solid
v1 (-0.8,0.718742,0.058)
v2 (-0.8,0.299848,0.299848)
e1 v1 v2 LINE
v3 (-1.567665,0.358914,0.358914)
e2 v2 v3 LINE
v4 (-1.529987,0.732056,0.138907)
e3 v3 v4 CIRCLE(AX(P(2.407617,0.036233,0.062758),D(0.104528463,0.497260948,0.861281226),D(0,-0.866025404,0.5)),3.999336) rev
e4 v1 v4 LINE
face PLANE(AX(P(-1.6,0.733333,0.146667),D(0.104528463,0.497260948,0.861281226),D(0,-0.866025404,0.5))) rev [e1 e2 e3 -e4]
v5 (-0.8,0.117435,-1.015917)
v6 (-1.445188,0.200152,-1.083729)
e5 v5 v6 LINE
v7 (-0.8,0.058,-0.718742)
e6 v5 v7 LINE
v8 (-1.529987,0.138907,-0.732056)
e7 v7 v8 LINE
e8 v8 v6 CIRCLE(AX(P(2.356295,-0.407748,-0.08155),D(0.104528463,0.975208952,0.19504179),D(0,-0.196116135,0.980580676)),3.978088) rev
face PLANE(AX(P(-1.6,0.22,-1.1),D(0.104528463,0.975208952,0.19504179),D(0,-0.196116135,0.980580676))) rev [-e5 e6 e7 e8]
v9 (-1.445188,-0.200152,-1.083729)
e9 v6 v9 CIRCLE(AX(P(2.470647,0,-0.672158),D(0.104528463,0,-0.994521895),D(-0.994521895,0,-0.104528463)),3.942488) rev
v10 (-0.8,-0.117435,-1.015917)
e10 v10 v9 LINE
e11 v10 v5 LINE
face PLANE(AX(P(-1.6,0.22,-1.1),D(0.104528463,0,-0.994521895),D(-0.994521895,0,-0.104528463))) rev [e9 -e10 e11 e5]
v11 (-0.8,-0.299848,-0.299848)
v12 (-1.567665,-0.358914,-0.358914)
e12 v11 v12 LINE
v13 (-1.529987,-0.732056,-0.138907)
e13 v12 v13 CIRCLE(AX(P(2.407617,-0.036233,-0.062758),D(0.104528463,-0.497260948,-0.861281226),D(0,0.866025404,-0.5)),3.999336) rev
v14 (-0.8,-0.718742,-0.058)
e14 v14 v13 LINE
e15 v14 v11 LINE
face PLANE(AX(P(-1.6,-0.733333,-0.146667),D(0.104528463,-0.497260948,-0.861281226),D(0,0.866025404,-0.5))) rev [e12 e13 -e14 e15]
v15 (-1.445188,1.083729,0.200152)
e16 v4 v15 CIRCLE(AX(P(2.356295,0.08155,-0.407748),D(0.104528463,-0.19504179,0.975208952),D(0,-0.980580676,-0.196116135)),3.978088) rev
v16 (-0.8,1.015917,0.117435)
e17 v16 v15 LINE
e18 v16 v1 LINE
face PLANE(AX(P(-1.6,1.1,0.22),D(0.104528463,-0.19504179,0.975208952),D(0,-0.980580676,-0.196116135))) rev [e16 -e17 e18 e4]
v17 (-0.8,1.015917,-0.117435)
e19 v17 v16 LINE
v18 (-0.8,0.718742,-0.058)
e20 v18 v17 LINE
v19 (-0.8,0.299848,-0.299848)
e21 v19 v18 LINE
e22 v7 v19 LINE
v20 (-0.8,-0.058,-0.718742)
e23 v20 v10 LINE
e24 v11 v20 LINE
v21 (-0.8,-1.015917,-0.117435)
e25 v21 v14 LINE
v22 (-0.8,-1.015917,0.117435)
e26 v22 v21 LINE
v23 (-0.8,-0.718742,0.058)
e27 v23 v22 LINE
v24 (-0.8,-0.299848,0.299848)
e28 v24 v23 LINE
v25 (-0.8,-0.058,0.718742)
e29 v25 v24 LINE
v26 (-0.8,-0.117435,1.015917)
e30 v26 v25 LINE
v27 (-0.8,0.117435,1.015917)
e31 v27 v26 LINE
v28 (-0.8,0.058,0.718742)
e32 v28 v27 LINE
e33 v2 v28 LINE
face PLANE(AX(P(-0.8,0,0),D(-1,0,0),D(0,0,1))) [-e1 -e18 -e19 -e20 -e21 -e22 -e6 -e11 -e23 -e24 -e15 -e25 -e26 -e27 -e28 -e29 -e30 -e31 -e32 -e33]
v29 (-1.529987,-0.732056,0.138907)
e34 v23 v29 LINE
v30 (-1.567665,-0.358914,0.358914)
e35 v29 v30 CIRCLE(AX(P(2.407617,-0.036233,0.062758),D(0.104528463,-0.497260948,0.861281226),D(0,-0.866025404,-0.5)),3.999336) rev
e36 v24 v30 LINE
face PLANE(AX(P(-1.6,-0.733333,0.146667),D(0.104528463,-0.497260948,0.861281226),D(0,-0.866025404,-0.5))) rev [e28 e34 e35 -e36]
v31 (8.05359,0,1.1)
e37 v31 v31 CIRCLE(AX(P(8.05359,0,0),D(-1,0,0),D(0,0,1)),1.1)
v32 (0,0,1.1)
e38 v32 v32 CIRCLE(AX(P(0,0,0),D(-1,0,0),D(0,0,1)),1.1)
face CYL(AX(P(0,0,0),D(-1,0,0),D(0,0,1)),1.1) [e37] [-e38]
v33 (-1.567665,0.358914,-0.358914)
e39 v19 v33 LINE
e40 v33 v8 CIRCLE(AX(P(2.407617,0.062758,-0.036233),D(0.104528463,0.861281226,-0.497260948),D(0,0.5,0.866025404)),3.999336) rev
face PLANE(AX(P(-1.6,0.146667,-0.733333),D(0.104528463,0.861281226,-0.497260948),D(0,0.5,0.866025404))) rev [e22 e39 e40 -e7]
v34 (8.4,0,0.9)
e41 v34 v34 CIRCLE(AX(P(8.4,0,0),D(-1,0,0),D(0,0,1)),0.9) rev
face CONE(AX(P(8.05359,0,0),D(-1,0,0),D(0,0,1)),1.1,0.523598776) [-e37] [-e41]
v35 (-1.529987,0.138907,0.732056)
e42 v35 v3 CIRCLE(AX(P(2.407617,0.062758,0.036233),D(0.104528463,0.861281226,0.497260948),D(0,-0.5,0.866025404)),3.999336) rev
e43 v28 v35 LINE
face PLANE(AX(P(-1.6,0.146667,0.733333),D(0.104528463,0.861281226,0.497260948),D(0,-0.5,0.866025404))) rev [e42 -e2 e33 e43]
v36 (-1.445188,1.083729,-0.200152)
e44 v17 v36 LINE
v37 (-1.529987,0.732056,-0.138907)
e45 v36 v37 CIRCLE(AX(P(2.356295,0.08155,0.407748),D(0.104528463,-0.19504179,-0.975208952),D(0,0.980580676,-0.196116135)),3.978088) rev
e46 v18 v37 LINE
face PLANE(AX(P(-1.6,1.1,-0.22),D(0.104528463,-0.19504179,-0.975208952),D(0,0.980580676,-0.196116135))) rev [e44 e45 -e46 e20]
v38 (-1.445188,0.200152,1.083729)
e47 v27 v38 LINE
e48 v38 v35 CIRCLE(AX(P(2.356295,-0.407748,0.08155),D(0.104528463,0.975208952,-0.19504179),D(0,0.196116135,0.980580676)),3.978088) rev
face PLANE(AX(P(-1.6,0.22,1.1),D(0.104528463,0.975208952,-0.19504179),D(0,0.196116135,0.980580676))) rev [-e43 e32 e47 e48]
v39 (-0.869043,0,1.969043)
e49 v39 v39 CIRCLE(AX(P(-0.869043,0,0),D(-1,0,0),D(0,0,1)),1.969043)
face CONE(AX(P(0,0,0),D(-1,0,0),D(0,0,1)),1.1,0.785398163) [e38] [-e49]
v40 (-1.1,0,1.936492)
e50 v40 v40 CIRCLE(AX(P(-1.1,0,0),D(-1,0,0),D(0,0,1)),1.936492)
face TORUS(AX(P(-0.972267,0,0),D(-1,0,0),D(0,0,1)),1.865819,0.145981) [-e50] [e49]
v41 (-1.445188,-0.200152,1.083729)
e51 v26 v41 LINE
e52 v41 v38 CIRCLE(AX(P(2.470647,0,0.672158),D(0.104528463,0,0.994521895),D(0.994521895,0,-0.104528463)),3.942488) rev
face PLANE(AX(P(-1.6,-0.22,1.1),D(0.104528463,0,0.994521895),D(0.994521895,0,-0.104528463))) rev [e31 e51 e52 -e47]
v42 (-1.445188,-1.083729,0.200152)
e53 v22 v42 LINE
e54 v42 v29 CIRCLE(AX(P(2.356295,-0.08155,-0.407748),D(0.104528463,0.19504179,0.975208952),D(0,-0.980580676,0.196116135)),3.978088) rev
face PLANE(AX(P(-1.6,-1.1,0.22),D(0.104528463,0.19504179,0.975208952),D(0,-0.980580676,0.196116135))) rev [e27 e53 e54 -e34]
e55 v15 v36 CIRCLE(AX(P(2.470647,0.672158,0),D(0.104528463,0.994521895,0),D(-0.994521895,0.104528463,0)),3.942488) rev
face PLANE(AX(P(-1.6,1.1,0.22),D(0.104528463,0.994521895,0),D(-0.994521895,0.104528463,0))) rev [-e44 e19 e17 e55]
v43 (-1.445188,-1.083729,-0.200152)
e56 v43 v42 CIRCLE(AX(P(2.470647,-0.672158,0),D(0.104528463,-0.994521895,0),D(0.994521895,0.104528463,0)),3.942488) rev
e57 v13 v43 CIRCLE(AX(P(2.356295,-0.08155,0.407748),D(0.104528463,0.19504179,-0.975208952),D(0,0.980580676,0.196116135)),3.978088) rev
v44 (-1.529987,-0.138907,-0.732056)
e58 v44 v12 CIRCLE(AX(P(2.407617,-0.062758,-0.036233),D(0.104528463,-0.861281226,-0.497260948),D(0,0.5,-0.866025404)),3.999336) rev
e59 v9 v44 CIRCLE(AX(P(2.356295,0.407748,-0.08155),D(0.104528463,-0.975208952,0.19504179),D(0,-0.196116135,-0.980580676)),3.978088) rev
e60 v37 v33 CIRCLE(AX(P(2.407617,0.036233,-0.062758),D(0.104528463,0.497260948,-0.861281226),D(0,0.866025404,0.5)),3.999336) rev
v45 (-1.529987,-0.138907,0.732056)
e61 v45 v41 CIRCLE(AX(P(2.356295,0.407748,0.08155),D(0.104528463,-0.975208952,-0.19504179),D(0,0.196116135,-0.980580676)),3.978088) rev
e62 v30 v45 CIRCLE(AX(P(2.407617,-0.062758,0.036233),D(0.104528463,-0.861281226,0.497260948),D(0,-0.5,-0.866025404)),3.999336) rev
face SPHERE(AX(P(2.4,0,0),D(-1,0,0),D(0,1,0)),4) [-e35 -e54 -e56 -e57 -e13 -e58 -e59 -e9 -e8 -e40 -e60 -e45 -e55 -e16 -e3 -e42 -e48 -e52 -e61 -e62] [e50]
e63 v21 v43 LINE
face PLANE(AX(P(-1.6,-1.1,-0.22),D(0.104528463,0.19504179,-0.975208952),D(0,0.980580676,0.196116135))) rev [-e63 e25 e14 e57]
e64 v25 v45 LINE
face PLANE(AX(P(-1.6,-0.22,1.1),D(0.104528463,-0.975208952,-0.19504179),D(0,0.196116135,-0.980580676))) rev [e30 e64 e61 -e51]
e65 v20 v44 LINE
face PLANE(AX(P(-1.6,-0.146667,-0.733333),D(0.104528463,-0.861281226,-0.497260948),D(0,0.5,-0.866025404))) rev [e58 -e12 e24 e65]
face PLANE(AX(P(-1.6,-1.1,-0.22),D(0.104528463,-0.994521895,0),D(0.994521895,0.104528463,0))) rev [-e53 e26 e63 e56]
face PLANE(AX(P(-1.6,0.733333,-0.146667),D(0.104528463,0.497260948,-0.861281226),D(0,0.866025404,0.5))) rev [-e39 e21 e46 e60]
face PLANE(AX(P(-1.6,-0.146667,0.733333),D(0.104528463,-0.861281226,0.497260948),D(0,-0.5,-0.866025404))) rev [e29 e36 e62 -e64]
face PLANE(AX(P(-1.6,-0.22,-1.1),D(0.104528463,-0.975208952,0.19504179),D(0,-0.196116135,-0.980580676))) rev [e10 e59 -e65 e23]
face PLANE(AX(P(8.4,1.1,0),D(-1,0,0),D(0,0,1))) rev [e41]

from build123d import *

# Parameters (mm, degrees)
CHAMFER1_SIZE      = 0.2
CHAMFER1_SIZE2     = 0.346410162
CUT_EXTRUDE1_DEPTH = 0.8
CUT_EXTRUDE1_TAPER = 6


with BuildPart() as part:
    # Sketch1 → Revolve1 (revolve)
    with BuildSketch(Plane.XY, mode=Mode.PRIVATE) as revolve1_sk:
        with BuildLine():
            Line((-1.6, 0), (8.4, 0))
            Line((8.4, 0), (8.4, 1.1))
            Line((8.4, 1.1), (0, 1.1))
            Line((0, 1.1), (-0.869043005, 1.969043005))
            ThreePointArc((-0.869043005, 1.969043005), (-0.992640239, 2.010371092), (-1.1, 1.936491673))
            ThreePointArc((-1.1, 1.936491673), (-1.472983346, 1), (-1.6, 0))
        make_face()
    revolve(revolve1_sk.sketch.rotate(Axis((0, 0, 0), (1, 0, 0)), 90), axis=Axis((0, 0, 0), (1, 0, 0)))

    # Chamfer1
    chamfer1_edges = [part.edges().sort_by_distance(p)[0] for p in [
        (8.4, 0, -1.1),
    ]]
    chamfer1_side = [part.faces().sort_by_distance(p)[0] for p in [
        (8.4, 0, 0),
    ]]
    chamfer(chamfer1_edges, length=CHAMFER1_SIZE, length2=CHAMFER1_SIZE2, reference=chamfer1_side[0])

    # Sketch3 → Cut-Extrude1 (cut)
    with BuildSketch(Plane(origin=(-1.6, 0, 0), x_dir=(0, 0, -1), z_dir=(1, 0, 0))):
        Polygon((-0.22, 1.1), (-0.146666667, 0.733333333), (-0.36140157, 0.36140157), (-0.733333333, 0.146666667), (-1.1, 0.22), (-1.1, -0.22), (-0.733333333, -0.146666667), (-0.36140157, -0.36140157), (-0.146666667, -0.733333333), (-0.22, -1.1), (0.22, -1.1), (0.146666667, -0.733333333), (0.36140157, -0.36140157), (0.733333333, -0.146666667), (1.1, -0.22), (1.1, 0.22), (0.733333333, 0.146666667), (0.36140157, 0.36140157), (0.146666667, 0.733333333), (0.22, 1.1), align=None)
    extrude(amount=CUT_EXTRUDE1_DEPTH, taper=CUT_EXTRUDE1_TAPER, mode=Mode.SUBTRACT)


solid = part.part
